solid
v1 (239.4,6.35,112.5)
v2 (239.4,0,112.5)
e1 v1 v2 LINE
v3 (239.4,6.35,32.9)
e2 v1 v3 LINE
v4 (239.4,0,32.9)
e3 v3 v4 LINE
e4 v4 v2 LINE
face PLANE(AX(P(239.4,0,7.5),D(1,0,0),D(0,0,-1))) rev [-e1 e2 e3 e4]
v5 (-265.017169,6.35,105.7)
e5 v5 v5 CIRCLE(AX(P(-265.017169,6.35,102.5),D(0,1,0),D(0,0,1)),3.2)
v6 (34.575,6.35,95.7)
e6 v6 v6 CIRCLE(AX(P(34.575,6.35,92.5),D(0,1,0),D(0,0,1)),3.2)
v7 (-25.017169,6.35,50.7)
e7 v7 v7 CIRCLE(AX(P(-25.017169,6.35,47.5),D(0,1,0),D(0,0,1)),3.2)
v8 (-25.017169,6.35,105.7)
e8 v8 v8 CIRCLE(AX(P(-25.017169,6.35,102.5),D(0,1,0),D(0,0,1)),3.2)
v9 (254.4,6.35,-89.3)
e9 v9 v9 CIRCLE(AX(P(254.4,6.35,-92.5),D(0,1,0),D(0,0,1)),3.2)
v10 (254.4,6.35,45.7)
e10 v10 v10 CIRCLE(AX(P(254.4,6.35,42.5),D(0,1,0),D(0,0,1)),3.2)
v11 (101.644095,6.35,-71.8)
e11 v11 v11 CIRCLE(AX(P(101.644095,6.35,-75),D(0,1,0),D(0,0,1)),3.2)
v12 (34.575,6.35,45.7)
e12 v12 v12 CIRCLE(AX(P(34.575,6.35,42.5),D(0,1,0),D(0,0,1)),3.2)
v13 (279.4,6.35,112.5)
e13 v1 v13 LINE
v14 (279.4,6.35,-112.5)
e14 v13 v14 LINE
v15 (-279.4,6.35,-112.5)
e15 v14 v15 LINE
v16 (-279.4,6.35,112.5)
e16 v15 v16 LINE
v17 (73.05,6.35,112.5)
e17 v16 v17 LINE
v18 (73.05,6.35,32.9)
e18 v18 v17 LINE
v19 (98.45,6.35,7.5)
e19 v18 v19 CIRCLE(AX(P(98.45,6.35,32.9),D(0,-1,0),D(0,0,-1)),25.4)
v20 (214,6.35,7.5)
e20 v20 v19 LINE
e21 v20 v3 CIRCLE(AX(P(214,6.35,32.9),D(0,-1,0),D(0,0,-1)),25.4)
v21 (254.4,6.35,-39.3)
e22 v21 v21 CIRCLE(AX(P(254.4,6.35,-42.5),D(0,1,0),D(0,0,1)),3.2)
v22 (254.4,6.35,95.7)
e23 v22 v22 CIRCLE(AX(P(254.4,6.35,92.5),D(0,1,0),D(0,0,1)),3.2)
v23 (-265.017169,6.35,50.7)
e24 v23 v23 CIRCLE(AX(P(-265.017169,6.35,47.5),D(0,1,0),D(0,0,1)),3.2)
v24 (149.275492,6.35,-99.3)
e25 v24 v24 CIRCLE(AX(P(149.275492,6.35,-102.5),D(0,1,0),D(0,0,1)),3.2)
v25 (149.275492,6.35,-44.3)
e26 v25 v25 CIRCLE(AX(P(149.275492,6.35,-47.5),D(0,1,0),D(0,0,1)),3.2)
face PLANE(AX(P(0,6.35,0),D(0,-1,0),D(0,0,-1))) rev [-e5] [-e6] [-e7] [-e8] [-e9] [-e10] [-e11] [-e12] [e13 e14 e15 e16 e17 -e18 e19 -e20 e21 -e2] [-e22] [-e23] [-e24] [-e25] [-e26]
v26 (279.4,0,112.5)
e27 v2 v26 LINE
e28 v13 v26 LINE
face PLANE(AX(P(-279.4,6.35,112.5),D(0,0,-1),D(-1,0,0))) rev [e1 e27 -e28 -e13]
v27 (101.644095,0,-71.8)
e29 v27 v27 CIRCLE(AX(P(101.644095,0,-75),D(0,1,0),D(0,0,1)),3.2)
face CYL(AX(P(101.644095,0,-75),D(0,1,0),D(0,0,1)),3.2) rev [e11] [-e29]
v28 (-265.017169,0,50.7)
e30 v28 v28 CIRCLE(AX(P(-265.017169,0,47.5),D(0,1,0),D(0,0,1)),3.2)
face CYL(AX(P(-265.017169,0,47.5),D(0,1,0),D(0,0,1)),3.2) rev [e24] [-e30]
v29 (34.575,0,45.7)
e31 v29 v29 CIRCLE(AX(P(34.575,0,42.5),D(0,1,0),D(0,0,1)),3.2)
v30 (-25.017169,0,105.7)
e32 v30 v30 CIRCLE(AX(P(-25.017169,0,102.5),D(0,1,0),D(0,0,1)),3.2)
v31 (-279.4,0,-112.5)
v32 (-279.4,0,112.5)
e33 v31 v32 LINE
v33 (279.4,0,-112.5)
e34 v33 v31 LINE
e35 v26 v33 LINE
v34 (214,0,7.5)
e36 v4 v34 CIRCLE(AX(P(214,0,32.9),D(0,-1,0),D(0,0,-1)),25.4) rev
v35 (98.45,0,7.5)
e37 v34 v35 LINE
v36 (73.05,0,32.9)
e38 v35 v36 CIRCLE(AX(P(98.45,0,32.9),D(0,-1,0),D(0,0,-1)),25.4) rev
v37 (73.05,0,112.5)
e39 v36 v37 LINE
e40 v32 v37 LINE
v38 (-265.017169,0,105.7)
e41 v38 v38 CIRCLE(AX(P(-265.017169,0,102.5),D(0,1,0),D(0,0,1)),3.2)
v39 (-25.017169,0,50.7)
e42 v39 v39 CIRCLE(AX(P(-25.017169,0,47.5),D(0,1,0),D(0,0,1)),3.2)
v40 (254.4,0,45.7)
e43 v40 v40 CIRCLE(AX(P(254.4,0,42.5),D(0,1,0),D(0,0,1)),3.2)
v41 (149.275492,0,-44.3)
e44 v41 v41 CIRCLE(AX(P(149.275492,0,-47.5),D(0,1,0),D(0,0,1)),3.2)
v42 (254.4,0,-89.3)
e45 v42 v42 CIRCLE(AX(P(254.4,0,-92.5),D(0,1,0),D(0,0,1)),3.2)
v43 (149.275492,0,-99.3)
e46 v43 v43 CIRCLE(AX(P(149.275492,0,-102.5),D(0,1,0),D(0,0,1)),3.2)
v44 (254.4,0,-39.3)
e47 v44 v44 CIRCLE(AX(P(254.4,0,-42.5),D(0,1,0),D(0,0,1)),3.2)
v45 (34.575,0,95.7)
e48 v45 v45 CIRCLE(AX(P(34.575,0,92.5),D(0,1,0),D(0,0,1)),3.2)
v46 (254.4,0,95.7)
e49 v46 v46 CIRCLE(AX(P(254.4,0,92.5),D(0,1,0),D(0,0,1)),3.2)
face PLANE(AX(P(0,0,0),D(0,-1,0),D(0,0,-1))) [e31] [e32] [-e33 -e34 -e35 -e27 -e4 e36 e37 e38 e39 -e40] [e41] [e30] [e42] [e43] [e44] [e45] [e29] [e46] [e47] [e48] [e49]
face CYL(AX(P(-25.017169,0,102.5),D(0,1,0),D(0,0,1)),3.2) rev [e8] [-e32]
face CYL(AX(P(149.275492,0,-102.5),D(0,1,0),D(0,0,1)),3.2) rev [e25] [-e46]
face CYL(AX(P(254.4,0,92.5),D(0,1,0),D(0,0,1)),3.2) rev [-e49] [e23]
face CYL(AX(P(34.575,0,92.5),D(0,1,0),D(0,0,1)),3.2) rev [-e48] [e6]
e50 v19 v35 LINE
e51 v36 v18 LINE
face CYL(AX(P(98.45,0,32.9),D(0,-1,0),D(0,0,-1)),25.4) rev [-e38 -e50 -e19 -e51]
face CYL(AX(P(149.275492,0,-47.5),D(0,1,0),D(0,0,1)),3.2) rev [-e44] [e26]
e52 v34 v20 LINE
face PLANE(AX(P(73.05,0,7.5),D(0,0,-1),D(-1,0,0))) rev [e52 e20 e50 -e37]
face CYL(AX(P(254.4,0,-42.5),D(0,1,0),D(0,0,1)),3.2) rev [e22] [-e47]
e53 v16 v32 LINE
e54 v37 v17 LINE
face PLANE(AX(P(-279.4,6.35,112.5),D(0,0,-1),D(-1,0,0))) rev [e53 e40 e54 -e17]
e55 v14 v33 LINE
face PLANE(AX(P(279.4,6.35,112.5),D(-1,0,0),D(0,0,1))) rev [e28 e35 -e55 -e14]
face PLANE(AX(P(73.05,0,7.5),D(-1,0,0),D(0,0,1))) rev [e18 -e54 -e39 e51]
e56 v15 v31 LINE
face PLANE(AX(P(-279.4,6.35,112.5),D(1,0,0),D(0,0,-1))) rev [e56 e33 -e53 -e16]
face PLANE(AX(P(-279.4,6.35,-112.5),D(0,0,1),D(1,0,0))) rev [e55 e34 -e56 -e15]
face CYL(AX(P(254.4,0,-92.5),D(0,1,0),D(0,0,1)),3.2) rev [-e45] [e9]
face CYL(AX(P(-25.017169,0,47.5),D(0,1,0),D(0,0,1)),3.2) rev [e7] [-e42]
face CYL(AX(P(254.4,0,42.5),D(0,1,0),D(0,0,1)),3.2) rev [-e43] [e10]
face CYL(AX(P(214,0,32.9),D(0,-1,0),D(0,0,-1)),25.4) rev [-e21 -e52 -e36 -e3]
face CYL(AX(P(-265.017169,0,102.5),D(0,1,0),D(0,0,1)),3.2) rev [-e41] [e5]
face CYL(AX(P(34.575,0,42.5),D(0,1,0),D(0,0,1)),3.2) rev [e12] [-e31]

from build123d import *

# Parameters (mm, degrees)
SKETCH1_W           = 558.8
SKETCH1_H           = 225
BOSS_EXTRUDE1_DEPTH = 6.35
SKETCH2_W           = 166.35
SKETCH2_H           = 143.7
CUT_EXTRUDE1_DEPTH  = 7.35
FILLET1_R           = 25.4
SKETCH3_R           = 3.2
CUT_EXTRUDE2_DEPTH  = 7.35


with BuildPart() as part:
    # Sketch1 → Boss-Extrude1 (new body)
    with BuildSketch(Plane(origin=(0, 0, 0), x_dir=(1, 0, 0), z_dir=(0, 1, 0))):
        Rectangle(SKETCH1_W, SKETCH1_H)
    extrude(amount=BOSS_EXTRUDE1_DEPTH)

    # Sketch2 → Cut-Extrude1 (cut, through all)
    with BuildSketch(Plane(origin=(0, 6.35, 0), x_dir=(1, 0, 0), z_dir=(0, 1, 0))):
        with Locations((156.225, -79.35)):
            Rectangle(SKETCH2_W, SKETCH2_H)
    extrude(amount=-CUT_EXTRUDE1_DEPTH, mode=Mode.SUBTRACT)

    # Fillet1
    fillet1_edges = [part.edges().sort_by_distance(p)[0] for p in [
        (239.4, 3.175, 7.5),
        (73.05, 3.175, 7.5),
    ]]
    fillet(fillet1_edges, radius=FILLET1_R)

    # Sketch3 → Cut-Extrude2 (cut, through all)
    with BuildSketch(Plane(origin=(0, 6.35, 0), x_dir=(1, 0, 0), z_dir=(0, 1, 0))):
        with Locations((-265.017168878, -102.5)):
            Circle(SKETCH3_R)
        with Locations((-265.017168878, -47.5)):
            Circle(SKETCH3_R)
        with Locations((-25.017168878, -47.5)):
            Circle(SKETCH3_R)
        with Locations((-25.017168878, -102.5)):
            Circle(SKETCH3_R)
        with Locations((101.644095195, 75)):
            Circle(SKETCH3_R)
        with Locations((149.275492403, 102.5)):
            Circle(SKETCH3_R)
        with Locations((149.275492403, 47.5)):
            Circle(SKETCH3_R)
        with Locations((254.4, 92.5)):
            Circle(SKETCH3_R)
        with Locations((254.4, 42.5)):
            Circle(SKETCH3_R)
        with Locations((254.4, -42.5)):
            Circle(SKETCH3_R)
        with Locations((254.4, -92.5)):
            Circle(SKETCH3_R)
        with Locations((34.575, -42.5)):
            Circle(SKETCH3_R)
        with Locations((34.575, -92.5)):
            Circle(SKETCH3_R)
    extrude(amount=-CUT_EXTRUDE2_DEPTH, mode=Mode.SUBTRACT)


solid = part.part
